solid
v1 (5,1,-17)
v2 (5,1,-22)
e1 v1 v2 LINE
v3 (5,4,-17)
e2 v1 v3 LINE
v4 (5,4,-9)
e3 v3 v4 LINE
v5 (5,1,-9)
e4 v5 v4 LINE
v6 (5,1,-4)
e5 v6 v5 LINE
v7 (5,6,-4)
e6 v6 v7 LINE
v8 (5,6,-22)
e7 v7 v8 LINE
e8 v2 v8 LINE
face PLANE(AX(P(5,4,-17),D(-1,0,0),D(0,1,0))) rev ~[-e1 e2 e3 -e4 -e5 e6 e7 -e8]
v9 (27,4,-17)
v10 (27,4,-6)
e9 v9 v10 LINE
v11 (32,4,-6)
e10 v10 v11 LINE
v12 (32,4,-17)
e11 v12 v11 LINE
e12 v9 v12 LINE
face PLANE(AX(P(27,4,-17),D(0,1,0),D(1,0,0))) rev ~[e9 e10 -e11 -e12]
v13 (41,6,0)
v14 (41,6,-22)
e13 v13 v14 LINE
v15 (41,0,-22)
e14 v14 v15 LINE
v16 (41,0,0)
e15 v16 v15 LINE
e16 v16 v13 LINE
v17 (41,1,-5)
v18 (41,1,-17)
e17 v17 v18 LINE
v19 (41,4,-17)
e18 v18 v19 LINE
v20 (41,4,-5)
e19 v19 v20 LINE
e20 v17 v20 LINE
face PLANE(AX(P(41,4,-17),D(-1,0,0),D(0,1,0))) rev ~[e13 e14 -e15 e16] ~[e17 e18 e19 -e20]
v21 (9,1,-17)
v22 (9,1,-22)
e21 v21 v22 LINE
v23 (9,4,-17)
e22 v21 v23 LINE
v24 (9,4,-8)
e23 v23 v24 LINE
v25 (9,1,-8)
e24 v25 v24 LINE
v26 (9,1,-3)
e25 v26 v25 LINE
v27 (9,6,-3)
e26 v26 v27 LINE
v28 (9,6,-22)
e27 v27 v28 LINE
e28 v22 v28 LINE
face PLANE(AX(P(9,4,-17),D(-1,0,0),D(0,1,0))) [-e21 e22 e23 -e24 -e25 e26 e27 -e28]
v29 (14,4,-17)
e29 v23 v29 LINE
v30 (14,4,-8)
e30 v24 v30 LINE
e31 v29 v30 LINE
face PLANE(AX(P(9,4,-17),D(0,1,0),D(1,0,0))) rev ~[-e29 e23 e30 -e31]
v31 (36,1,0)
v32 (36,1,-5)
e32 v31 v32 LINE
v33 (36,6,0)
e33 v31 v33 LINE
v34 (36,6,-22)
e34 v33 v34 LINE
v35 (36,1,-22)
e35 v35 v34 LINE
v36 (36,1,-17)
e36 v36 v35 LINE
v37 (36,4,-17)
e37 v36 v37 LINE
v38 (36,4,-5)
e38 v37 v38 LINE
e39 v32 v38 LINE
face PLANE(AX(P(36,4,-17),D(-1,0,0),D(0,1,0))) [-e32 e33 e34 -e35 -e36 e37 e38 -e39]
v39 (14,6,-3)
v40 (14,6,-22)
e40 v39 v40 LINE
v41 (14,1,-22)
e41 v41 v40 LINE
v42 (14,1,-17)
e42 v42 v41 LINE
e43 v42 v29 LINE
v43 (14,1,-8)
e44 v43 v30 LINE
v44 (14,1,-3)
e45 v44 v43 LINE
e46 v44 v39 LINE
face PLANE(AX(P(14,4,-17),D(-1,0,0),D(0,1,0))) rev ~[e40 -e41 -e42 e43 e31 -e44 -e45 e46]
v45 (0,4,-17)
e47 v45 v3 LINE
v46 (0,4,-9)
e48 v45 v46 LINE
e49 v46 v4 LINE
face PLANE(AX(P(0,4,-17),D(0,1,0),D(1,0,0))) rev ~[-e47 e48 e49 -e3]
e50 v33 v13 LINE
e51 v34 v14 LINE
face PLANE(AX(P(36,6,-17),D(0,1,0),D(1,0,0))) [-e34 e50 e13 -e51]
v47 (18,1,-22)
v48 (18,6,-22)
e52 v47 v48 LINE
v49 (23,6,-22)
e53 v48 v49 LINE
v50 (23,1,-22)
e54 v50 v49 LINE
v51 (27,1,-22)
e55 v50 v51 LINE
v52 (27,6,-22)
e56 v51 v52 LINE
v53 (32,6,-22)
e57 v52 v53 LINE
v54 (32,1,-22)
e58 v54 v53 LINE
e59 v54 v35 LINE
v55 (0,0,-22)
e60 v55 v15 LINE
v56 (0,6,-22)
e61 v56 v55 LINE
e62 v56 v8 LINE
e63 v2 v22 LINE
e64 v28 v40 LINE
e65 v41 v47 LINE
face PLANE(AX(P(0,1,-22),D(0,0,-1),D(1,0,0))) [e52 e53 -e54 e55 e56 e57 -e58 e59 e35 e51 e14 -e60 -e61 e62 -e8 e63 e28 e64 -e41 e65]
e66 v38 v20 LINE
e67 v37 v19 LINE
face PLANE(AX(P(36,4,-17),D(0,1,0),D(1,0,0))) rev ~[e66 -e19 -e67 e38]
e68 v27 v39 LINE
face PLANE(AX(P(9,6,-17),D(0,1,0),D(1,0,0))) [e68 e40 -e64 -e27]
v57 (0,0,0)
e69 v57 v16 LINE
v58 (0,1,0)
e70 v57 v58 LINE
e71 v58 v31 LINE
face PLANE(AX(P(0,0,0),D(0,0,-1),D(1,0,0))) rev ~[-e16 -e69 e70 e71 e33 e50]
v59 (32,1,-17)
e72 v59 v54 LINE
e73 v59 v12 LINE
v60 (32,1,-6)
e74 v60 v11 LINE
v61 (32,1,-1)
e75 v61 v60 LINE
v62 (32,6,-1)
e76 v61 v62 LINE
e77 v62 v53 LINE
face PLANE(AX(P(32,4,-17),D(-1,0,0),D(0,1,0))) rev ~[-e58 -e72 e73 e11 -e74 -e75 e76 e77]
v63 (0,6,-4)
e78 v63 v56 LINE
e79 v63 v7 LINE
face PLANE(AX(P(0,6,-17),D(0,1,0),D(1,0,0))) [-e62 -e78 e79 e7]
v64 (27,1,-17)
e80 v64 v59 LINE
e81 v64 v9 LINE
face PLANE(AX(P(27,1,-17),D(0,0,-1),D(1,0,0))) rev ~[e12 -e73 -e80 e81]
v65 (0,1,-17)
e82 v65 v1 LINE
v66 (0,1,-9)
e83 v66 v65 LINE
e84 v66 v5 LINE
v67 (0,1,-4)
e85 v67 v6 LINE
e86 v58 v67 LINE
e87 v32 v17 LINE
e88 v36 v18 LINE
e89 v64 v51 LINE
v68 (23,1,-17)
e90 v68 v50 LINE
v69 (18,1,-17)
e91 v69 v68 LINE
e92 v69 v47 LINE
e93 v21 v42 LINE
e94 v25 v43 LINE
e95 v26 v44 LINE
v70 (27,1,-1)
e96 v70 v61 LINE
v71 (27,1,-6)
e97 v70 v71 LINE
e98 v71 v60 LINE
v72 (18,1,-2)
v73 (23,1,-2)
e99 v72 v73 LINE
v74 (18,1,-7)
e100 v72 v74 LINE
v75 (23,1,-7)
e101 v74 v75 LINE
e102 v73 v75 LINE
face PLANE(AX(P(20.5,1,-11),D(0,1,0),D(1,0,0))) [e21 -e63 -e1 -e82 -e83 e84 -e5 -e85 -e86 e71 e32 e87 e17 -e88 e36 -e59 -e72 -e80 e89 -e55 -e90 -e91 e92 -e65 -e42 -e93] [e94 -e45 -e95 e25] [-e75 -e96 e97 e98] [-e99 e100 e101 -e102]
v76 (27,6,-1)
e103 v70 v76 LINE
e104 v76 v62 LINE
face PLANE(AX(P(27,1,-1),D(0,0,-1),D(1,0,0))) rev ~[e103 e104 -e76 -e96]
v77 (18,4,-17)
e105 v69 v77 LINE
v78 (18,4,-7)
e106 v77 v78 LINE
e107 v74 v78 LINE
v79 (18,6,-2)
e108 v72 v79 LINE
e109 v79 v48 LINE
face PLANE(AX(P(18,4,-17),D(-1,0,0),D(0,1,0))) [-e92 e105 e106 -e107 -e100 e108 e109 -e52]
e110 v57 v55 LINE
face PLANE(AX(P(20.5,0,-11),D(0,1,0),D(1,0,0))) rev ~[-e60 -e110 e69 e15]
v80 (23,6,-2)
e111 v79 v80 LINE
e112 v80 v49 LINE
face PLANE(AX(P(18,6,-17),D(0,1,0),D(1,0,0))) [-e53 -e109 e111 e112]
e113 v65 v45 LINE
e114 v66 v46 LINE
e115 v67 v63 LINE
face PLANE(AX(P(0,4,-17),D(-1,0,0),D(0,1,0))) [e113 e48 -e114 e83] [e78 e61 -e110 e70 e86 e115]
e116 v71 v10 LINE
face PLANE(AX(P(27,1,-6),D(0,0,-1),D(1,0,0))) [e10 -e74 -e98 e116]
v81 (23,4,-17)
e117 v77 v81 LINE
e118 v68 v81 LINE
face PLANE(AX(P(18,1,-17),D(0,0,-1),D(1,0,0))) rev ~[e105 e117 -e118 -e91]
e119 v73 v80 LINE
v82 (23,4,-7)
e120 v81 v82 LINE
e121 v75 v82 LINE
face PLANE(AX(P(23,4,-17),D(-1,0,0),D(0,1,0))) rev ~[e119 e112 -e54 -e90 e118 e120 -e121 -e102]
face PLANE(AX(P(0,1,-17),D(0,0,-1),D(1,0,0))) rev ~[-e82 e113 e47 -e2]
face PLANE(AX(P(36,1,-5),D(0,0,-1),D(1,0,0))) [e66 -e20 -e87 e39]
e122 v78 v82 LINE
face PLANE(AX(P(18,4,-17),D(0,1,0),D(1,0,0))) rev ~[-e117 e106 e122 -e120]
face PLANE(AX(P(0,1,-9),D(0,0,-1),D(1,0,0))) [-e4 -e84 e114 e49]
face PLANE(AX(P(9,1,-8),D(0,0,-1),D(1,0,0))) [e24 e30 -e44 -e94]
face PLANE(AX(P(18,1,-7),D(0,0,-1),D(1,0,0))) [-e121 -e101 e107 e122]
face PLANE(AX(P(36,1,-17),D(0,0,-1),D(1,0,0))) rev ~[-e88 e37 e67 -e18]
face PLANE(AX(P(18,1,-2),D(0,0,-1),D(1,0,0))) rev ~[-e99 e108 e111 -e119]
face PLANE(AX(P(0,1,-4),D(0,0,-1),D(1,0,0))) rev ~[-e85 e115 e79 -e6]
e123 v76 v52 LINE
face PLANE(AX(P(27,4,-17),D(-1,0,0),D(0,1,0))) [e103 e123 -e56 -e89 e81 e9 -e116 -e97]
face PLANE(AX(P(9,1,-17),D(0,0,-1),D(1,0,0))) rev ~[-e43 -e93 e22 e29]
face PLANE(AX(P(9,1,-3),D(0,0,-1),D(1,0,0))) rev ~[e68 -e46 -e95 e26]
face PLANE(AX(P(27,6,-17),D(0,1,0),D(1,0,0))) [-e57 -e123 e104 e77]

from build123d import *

# Parameters (mm, degrees)
SKETCH1_W            = 41
SKETCH1_H            = 22
BASE_DEPTH           = 1
SKETCH2_W            = 5
SKETCH2_H            = 5
LEGS_EXTRUSION_DEPTH = 5
SKETCH3_W            = 5
SKETCH3_H            = 2
BRIDGE1_DEPTH        = 8
SKETCH4_W            = 5
SKETCH4_H            = 2
BRIDGE2_DEPTH        = 9
SKETCH6_W            = 5
SKETCH6_H            = 2
BRIDGE3_DEPTH        = 10
SKETCH7_W            = 5
SKETCH7_H            = 2
BRIDGE4_DEPTH        = 11
SKETCH8_W            = 5
SKETCH8_H            = 2
BRIDGE5_DEPTH        = 12


with BuildPart() as part:
    # Sketch1 → Base (new body)
    with BuildSketch(Plane(origin=(0, 0, 0), x_dir=(1, 0, 0), z_dir=(0, 1, 0))):
        with Locations((20.5, 11)):
            Rectangle(SKETCH1_W, SKETCH1_H)
    extrude(amount=BASE_DEPTH)

    # Sketch2 → Legs_Extrusion (add)
    with BuildSketch(Plane(origin=(0, 1, 0), x_dir=(1, 0, 0), z_dir=(0, 1, 0))):
        with Locations((2.5, 19.5)):
            Rectangle(SKETCH2_W, SKETCH2_H)
        with Locations((2.5, 6.5)):
            Rectangle(SKETCH2_W, SKETCH2_H)
        with Locations((38.5, 2.5)):
            Rectangle(SKETCH2_W, SKETCH2_H)
        with Locations((38.5, 19.5)):
            Rectangle(SKETCH2_W, SKETCH2_H)
        with Locations((11.5, 19.5)):
            Rectangle(SKETCH2_W, SKETCH2_H)
        with Locations((11.5, 5.5)):
            Rectangle(SKETCH2_W, SKETCH2_H)
        with Locations((20.5, 19.5)):
            Rectangle(SKETCH2_W, SKETCH2_H)
        with Locations((29.5, 19.5)):
            Rectangle(SKETCH2_W, SKETCH2_H)
        with Locations((20.5, 4.5)):
            Rectangle(SKETCH2_W, SKETCH2_H)
        with Locations((29.5, 3.5)):
            Rectangle(SKETCH2_W, SKETCH2_H)
    extrude(amount=LEGS_EXTRUSION_DEPTH)

    # Sketch3 → bridge1 (add)
    with BuildSketch(Plane.XY.offset(-17)):
        with Locations((2.5, 5)):
            Rectangle(SKETCH3_W, SKETCH3_H)
    extrude(amount=BRIDGE1_DEPTH)

    # Sketch4 → bridge2 (add)
    with BuildSketch(Plane.XY.offset(-17)):
        with Locations((11.5, 5)):
            Rectangle(SKETCH4_W, SKETCH4_H)
    extrude(amount=BRIDGE2_DEPTH)

    # Sketch6 → bridge3 (add)
    with BuildSketch(Plane.XY.offset(-17)):
        with Locations((20.5, 5)):
            Rectangle(SKETCH6_W, SKETCH6_H)
    extrude(amount=BRIDGE3_DEPTH)

    # Sketch7 → bridge4 (add)
    with BuildSketch(Plane.XY.offset(-17)):
        with Locations((29.5, 5)):
            Rectangle(SKETCH7_W, SKETCH7_H)
    extrude(amount=BRIDGE4_DEPTH)

    # Sketch8 → bridge5 (add)
    with BuildSketch(Plane.XY.offset(-17)):
        with Locations((38.5, 5)):
            Rectangle(SKETCH8_W, SKETCH8_H)
    extrude(amount=BRIDGE5_DEPTH)


solid = part.part
